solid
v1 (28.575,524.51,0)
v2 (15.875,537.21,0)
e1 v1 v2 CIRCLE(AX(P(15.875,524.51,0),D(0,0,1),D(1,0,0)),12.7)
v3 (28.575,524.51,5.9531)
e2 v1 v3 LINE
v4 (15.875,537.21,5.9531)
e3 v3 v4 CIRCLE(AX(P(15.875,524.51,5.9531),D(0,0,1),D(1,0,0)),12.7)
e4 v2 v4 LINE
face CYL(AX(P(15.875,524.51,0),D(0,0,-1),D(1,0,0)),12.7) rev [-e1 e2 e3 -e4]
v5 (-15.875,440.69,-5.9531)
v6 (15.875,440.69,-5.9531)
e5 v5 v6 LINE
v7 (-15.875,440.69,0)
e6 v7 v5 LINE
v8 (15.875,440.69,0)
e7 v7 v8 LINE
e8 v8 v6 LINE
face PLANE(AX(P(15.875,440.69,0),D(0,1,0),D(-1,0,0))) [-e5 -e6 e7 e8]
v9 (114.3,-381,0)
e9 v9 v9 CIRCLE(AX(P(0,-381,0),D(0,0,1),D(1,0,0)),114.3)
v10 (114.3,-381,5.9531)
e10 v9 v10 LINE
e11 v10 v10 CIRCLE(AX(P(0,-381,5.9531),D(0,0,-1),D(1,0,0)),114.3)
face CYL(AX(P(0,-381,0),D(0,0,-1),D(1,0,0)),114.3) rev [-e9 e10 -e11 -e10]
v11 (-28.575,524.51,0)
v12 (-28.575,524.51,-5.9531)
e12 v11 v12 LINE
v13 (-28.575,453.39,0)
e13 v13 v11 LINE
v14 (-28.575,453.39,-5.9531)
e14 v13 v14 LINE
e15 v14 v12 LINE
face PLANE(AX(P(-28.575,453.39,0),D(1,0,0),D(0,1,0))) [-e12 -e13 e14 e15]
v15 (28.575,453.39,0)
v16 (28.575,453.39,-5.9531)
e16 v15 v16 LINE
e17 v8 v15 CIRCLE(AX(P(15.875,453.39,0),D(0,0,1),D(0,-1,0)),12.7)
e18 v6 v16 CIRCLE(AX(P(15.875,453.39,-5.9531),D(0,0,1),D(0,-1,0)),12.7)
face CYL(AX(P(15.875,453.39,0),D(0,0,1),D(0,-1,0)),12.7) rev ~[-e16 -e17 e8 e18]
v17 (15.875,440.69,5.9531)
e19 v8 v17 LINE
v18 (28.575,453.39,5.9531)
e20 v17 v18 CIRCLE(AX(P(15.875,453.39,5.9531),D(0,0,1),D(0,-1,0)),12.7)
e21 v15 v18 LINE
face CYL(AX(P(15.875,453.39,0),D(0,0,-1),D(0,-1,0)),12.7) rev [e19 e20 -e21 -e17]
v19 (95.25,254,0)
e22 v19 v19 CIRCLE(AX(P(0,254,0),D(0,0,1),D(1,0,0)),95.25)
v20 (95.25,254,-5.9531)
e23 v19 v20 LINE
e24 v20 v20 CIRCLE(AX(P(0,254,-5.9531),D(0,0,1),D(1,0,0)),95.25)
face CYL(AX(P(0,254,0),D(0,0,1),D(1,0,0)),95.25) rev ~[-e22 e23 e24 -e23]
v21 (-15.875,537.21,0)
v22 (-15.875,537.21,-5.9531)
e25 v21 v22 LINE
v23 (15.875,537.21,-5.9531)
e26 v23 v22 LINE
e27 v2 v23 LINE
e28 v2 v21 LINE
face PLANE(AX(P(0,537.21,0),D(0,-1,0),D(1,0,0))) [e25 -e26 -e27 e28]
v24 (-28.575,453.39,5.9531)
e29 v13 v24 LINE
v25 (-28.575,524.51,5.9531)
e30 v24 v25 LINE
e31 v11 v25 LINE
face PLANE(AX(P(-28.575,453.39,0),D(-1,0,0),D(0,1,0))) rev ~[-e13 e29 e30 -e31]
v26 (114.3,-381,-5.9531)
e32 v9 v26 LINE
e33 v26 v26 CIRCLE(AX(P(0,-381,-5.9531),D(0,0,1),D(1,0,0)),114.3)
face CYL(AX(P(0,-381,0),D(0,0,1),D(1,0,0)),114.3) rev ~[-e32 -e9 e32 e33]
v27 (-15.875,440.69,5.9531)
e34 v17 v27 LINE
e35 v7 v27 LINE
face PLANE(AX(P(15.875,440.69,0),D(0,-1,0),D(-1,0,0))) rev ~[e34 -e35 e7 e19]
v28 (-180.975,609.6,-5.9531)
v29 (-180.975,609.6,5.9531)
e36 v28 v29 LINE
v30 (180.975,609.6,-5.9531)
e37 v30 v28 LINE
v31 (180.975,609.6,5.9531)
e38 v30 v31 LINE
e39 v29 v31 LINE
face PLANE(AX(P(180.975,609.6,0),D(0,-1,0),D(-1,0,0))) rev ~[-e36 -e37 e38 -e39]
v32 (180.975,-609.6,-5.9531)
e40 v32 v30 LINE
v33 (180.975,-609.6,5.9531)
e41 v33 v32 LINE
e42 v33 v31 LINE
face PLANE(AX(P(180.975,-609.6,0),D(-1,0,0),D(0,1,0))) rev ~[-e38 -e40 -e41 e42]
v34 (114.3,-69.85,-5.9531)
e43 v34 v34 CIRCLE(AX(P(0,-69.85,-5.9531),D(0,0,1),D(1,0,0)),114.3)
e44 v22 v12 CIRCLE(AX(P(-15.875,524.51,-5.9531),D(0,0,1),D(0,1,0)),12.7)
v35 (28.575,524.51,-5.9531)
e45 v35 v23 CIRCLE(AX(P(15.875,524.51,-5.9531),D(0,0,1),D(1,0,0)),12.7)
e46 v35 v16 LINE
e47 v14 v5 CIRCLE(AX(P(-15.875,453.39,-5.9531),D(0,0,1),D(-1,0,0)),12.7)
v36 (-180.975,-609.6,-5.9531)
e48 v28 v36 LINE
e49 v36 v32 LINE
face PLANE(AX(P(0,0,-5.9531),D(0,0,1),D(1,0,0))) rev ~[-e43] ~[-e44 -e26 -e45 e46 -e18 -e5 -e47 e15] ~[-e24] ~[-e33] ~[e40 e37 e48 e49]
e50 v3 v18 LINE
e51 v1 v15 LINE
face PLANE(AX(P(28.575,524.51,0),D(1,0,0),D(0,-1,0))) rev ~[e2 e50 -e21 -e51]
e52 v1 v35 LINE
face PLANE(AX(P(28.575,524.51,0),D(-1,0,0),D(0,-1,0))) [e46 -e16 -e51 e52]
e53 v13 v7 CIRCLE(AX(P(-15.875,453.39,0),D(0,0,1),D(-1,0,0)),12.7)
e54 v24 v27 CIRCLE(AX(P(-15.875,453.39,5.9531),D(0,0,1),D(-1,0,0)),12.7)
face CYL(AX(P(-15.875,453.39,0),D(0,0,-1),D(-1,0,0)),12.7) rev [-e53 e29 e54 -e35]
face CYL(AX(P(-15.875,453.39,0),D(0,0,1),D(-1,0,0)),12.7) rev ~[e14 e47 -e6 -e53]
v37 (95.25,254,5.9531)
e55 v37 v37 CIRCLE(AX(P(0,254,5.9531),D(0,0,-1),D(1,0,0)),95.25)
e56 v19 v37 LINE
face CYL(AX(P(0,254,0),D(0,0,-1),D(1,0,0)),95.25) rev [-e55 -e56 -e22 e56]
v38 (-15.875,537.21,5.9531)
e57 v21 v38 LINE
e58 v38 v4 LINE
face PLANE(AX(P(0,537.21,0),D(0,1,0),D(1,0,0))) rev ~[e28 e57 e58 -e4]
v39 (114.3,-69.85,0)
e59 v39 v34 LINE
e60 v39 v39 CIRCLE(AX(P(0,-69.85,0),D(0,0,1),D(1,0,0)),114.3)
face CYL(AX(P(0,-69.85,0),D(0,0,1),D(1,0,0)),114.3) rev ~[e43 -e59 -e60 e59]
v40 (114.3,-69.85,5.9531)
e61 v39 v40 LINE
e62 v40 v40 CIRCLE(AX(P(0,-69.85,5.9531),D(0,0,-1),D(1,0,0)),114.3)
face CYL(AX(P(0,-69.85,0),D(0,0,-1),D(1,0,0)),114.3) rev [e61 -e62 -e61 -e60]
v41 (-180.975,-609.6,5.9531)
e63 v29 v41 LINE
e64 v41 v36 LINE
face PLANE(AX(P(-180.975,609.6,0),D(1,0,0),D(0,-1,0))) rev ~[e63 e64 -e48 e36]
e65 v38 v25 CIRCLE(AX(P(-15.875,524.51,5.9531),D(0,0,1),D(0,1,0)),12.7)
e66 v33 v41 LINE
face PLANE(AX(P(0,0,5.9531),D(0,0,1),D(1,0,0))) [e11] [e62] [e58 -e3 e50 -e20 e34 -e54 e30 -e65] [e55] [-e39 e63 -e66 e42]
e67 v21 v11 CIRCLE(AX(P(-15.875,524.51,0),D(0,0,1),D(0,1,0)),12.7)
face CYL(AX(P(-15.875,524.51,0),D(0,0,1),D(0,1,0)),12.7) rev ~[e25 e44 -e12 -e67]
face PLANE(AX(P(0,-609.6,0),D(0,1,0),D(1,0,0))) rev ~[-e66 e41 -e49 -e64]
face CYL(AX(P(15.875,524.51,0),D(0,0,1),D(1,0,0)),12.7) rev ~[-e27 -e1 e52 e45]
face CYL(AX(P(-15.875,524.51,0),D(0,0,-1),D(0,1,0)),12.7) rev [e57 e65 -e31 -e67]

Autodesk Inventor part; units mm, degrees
ref_plane "YZ Plane" through (0, 0, 0) normal (1, 0, 0) x (0, 1, 0)
ref_plane "XZ Plane" through (0, 0, 0) normal (0, 1, 0) x (-1, 0, 0)
ref_plane "XY Plane" through (0, 0, 0) normal (0, 0, 1) x (1, 0, 0)
sketch "Sketch1" plane through (0, 0, 0) normal (0, 0, 1) x (1, 0, 0)
  line L0 (180.975, 609.6) -> (-180.975, 609.6)
  line L1 (-180.975, 609.6) -> (-180.975, -609.6)
  line L2 (-180.975, -609.6) -> (180.975, -609.6)
  line L3 (180.975, -609.6) -> (180.975, 609.6)
  line L4 (180.975, 609.6) -> (-180.975, -609.6) construction
  line L5 (-180.975, 609.6) -> (180.975, -609.6) construction
  line L6 (0, 609.6) -> (0, -609.6)
  line L7 (-15.875, 537.21) -> (15.875, 537.21)
  line L8 (28.575, 524.51) -> (28.575, 453.39)
  line L9 (15.875, 440.69) -> (-15.875, 440.69)
  line L10 (-28.575, 453.39) -> (-28.575, 524.51)
  line L11 (-28.575, 537.21) -> (28.575, 440.69) construction
  line L12 (28.575, 537.21) -> (-28.575, 440.69) construction
  circle A0 centre (0, -381) radius 114.3
  circle A1 centre (0, -69.85) radius 114.3
  circle A2 centre (0, 254) radius 95.25
  arc A3 (-28.575, 453.39) -> (-15.875, 440.69) centre (-15.875, 453.39) ccw
  arc A4 (15.875, 440.69) -> (28.575, 453.39) centre (15.875, 453.39) ccw
  arc A5 (-15.875, 537.21) -> (-28.575, 524.51) centre (-15.875, 524.51) ccw
  arc A6 (28.575, 524.51) -> (15.875, 537.21) centre (15.875, 524.51) ccw
  point P0 (0, 0)
  point P1 (0, 488.95)
  dimension "d2" = 361.95
  dimension "d3" = 1219.2
  dimension "d4" = 120.65
  dimension "d6" = 990.6
  dimension "d7" = 679.45
  dimension "d8" = 228.6
  dimension "d9" = 228.6
  dimension "d11" = 190.5
  dimension "d12" = 355.6
  dimension "d13" = 96.52
  dimension "d14" = 57.15
  dimension "d16" = 12.7
extrude "Extrusion1" add sketch "Sketch1" along normal mid plane 11.9062 contours L3 L2 L6 A0 A1 A2 L9 A4 L8 A6 L7 L0 | L6 L7 A5 L10 A3 L9 A2 A1 A0 L2 L1 L0
properties part number "Front"
